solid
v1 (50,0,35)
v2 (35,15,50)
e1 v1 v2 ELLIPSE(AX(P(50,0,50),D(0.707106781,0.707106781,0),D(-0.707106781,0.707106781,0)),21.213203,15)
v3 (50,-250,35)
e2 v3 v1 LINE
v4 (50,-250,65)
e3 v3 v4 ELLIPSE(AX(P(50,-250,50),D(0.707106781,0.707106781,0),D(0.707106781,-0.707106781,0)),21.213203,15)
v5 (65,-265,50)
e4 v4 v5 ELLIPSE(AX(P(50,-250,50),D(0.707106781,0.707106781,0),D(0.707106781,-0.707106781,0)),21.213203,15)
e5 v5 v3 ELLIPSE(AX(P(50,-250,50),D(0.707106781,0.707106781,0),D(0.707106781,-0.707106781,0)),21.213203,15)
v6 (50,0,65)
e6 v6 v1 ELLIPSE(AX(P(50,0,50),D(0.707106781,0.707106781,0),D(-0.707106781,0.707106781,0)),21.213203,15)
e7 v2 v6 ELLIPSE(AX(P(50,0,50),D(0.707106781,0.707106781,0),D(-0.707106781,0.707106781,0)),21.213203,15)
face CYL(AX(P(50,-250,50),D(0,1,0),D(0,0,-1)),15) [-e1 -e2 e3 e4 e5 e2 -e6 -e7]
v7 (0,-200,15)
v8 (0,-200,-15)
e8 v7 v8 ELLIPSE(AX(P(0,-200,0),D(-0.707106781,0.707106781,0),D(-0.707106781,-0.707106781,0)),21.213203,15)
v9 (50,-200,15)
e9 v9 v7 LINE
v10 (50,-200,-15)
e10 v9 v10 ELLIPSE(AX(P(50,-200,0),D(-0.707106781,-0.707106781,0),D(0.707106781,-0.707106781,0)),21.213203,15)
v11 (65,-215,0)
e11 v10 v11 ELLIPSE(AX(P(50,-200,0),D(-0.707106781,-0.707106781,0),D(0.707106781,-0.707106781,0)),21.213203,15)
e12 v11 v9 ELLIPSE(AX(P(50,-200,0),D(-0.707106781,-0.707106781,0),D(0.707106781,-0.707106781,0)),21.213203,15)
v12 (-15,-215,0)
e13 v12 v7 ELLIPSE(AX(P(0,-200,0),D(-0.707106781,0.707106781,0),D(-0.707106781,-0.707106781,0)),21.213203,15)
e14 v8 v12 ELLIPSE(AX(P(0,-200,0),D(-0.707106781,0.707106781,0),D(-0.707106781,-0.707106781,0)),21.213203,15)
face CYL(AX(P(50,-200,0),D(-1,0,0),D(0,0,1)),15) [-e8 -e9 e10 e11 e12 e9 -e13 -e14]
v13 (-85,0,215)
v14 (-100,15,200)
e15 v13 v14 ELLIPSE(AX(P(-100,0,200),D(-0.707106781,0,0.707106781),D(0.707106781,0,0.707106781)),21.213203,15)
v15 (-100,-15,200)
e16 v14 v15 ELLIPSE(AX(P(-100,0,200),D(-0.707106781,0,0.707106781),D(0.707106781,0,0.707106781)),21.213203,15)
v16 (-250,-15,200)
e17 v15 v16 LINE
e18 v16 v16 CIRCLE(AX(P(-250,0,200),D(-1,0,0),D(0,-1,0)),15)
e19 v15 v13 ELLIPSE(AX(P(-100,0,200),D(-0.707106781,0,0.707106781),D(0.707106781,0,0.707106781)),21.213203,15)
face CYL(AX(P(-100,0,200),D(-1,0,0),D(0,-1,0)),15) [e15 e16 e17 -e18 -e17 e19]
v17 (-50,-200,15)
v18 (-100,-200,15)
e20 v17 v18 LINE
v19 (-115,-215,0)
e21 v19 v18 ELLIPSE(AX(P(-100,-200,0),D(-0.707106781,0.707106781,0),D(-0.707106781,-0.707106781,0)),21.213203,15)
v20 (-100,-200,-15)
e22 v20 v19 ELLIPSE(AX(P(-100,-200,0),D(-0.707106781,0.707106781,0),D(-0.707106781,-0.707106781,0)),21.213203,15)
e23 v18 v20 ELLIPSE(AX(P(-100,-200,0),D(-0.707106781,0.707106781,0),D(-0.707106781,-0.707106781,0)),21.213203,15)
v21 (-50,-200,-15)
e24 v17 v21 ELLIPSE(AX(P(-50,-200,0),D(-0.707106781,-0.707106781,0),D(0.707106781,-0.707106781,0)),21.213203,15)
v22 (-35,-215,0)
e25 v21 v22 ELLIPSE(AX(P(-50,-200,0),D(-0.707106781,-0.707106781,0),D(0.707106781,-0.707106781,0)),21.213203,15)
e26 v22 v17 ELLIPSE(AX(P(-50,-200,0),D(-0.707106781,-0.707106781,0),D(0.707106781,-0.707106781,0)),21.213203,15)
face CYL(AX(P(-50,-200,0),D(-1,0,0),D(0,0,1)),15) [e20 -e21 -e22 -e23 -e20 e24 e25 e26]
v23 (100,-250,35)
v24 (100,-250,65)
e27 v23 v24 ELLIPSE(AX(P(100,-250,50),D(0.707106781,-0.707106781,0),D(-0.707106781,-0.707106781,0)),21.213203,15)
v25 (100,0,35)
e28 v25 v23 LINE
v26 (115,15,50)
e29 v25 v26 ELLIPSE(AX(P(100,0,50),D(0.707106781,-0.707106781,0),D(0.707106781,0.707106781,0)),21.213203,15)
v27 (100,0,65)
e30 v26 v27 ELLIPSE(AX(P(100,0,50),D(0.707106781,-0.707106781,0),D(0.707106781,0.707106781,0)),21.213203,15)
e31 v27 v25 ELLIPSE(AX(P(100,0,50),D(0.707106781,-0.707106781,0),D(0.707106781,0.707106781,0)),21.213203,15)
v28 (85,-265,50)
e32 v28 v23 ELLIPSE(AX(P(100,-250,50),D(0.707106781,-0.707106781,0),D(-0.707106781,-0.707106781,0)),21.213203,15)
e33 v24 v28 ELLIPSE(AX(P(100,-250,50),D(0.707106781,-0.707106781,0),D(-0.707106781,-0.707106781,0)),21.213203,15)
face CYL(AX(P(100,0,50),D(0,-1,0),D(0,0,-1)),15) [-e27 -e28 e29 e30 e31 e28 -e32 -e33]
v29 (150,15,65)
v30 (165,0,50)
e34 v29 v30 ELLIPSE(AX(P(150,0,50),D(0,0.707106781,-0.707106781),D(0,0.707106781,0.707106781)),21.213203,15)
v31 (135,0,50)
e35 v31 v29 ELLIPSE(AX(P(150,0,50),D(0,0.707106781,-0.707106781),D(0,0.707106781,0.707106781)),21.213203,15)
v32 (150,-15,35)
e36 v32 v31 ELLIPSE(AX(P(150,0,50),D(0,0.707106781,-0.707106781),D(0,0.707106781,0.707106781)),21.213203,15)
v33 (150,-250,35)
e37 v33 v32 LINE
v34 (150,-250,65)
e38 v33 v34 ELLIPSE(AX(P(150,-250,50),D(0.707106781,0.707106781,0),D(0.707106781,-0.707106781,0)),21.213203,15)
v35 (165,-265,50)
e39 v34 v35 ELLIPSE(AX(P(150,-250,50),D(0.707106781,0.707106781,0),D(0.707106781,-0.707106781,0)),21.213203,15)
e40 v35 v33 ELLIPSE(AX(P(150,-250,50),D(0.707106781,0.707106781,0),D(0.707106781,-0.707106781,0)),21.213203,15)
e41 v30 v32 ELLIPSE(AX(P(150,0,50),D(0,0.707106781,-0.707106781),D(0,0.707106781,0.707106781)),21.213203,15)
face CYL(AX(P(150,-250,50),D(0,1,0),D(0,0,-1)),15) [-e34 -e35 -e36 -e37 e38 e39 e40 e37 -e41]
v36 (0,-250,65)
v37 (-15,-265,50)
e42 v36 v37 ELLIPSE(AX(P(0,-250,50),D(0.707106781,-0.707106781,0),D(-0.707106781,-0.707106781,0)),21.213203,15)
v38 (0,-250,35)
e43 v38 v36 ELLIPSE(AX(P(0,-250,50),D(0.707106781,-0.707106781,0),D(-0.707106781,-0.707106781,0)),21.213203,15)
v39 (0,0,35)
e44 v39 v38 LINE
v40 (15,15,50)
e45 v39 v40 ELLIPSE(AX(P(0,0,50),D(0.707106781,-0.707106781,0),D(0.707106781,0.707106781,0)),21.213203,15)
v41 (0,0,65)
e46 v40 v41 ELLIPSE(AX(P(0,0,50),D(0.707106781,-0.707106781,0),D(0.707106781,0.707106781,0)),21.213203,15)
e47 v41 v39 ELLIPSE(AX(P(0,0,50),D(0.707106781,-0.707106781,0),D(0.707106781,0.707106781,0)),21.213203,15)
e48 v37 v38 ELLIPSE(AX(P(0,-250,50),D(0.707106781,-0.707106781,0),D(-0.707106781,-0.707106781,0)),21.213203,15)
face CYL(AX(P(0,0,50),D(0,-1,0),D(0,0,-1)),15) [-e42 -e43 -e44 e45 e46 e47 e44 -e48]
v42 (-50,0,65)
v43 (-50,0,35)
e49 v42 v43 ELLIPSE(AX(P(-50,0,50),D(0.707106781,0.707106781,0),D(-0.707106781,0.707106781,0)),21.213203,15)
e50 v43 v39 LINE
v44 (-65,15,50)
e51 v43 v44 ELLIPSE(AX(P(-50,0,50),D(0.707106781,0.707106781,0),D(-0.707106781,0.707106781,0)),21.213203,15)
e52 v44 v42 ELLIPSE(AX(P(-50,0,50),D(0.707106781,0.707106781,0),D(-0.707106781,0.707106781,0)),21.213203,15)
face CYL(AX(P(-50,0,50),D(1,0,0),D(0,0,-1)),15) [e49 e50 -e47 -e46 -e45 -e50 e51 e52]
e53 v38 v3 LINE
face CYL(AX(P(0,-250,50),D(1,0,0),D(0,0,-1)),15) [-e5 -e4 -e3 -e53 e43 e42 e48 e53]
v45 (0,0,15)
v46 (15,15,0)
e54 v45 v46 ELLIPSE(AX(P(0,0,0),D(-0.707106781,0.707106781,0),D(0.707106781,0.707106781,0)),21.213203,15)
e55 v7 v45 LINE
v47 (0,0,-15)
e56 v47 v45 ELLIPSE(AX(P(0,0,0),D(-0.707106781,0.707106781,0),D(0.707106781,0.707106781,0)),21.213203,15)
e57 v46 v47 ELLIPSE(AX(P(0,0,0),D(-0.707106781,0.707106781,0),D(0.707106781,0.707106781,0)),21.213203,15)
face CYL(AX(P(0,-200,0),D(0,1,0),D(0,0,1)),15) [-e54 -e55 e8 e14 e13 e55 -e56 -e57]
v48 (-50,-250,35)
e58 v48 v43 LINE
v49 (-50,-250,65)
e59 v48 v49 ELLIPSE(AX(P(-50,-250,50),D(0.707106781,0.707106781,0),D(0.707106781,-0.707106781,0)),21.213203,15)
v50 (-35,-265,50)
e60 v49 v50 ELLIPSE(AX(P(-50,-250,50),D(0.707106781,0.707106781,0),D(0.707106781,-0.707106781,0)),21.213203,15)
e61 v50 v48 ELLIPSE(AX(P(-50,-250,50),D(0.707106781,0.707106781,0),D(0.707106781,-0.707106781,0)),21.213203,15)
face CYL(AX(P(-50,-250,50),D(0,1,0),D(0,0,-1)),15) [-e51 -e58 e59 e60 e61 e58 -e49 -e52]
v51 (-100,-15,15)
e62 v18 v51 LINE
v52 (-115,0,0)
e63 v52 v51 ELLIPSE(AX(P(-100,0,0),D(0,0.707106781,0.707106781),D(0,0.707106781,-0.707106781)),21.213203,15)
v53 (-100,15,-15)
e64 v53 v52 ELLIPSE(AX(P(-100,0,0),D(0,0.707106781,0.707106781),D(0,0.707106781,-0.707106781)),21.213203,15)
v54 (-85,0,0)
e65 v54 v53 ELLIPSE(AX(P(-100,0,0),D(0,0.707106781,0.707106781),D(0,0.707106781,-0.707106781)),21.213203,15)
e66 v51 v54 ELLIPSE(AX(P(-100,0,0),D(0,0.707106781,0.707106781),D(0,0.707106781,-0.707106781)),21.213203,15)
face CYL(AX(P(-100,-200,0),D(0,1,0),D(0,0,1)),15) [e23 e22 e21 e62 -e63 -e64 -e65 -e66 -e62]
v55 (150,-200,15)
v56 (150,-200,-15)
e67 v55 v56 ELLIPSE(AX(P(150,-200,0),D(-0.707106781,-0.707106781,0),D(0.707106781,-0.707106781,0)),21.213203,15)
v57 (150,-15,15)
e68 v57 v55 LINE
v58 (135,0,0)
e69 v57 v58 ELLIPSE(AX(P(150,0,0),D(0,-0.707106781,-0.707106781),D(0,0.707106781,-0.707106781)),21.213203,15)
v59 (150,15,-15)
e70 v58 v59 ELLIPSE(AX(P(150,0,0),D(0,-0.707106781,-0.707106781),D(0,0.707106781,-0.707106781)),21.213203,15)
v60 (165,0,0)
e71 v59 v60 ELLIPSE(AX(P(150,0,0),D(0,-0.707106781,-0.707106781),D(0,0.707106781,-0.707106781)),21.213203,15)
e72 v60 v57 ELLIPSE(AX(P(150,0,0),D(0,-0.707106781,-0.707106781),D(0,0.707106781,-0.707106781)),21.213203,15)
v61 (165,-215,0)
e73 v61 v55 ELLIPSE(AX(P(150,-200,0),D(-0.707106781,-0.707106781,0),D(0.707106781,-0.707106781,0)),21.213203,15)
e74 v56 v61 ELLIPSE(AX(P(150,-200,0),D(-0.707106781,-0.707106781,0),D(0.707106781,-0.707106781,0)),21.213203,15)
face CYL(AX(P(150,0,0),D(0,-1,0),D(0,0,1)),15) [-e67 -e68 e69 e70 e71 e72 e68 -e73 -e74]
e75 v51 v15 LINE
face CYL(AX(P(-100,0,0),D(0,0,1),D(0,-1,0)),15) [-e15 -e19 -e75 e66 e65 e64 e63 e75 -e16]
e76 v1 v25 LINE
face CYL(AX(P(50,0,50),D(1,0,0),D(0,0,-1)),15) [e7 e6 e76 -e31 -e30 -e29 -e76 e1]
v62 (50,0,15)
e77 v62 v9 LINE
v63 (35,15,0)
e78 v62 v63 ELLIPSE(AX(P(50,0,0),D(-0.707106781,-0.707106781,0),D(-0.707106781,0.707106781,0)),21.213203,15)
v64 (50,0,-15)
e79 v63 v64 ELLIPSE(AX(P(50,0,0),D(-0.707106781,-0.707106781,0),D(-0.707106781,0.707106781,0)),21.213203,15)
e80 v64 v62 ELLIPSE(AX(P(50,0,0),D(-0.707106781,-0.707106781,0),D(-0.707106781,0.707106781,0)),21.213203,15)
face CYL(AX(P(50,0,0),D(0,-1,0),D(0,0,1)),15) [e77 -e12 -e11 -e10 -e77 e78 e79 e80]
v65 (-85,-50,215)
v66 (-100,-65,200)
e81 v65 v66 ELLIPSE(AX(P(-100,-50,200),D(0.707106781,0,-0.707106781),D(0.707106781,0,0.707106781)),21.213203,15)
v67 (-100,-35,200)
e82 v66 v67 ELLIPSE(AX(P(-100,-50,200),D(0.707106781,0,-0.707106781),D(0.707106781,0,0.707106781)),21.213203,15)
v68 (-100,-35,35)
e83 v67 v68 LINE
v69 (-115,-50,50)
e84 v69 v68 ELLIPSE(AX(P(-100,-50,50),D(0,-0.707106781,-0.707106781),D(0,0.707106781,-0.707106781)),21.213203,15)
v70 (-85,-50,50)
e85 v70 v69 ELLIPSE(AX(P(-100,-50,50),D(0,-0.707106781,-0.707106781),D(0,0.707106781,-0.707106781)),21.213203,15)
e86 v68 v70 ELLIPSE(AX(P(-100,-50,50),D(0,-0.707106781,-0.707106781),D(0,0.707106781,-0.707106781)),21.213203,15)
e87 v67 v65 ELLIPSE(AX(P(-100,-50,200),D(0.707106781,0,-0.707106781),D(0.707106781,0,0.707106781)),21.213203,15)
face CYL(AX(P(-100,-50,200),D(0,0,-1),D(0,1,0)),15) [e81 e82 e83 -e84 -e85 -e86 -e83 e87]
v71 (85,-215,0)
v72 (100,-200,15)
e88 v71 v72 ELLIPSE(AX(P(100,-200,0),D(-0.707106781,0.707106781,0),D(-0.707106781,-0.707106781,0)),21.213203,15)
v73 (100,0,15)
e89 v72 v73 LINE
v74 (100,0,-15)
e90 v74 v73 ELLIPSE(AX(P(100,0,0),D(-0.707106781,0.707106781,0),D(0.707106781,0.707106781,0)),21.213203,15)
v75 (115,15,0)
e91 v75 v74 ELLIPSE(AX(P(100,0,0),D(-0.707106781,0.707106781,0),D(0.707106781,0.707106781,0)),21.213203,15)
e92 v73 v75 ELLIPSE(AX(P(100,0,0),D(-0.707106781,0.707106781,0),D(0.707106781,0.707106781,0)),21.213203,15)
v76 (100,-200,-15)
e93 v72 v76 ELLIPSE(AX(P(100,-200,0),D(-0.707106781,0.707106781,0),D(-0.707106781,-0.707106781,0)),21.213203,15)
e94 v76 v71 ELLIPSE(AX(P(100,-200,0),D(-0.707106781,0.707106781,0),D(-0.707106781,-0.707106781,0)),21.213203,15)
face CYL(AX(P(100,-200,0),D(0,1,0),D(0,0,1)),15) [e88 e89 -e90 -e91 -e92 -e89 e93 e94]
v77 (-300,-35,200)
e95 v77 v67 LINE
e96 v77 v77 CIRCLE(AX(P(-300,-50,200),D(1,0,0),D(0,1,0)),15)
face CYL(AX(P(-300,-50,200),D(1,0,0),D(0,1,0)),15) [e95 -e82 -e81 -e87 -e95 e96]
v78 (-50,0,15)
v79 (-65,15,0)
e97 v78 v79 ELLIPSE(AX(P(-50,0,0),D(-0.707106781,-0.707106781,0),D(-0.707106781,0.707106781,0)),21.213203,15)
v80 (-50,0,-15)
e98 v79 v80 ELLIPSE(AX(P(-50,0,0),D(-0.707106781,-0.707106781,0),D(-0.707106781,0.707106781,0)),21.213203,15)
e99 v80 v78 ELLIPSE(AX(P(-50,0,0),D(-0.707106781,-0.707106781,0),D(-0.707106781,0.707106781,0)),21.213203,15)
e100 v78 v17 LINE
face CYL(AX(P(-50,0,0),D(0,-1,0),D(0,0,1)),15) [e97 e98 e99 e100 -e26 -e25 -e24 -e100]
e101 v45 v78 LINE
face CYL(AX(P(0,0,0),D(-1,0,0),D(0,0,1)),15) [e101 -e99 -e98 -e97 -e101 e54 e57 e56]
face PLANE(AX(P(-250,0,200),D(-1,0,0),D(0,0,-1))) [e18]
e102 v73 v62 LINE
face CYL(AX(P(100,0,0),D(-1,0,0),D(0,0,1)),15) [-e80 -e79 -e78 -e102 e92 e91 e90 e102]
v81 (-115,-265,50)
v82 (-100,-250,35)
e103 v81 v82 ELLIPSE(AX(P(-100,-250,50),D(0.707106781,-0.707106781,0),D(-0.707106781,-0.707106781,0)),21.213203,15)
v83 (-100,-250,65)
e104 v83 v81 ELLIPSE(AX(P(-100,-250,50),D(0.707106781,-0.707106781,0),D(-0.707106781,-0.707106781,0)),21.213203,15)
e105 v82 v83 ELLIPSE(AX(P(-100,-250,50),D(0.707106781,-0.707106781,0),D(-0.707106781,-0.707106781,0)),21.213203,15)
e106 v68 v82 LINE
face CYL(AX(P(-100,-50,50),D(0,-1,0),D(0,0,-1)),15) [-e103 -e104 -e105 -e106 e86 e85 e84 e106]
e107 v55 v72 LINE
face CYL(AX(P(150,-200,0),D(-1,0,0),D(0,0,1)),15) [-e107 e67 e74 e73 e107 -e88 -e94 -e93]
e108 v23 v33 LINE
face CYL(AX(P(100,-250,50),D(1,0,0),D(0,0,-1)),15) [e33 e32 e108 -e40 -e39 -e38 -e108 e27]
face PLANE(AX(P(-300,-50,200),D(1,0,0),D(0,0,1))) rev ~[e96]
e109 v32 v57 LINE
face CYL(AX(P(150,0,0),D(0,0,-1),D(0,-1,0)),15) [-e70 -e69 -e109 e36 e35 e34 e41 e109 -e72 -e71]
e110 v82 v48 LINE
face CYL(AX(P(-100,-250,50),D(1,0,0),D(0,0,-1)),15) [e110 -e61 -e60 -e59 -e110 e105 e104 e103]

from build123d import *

# Parameters (mm, degrees)
F8_R = 15


with BuildPart() as f9:
    # F9: sweep along a path in F6, F5, F4, F1, F2
    with BuildLine(Plane.XZ.offset(50)) as f9_path:
        Line((-300, 200), (-100, 200))
        Line((-100, 200), (-100, 50))
    with BuildLine(Plane.XY.offset(50)) as f9_path_2:
        Line((-100, -50), (-100, -250))
        Line((-100, -250), (-50, -250))
        Line((-50, -250), (-50, 0))
        Line((-50, 0), (0, 0))
        Line((0, 0), (0, -250))
        Line((0, -250), (50, -250))
        Line((50, -250), (50, 0))
        Line((50, 0), (100, 0))
        Line((100, 0), (100, -250))
        Line((100, -250), (150, -250))
        Line((150, -250), (150, 0))
    with BuildLine(Plane.XZ) as f9_path_3:
        Line((150, 0), (150, 50))
    with BuildLine(Plane.XY) as f9_path_4:
        Line((150, 0), (150, -200))
        Line((150, -200), (100, -200))
        Line((100, -200), (100, 0))
        Line((100, 0), (50, 0))
        Line((50, 0), (50, -200))
        Line((50, -200), (0, -200))
        Line((0, -200), (0, 0))
        Line((0, 0), (-50, 0))
        Line((-50, 0), (-50, -200))
        Line((-50, -200), (-100, -200))
        Line((-100, -200), (-100, 0))
    with BuildLine(Plane.XZ) as f9_path_5:
        Line((-100, 0), (-100, 200))
        Line((-100, 200), (-250, 200))
    # F8 (on offset) → F9 (sweep)
    with BuildSketch(Plane.YZ.offset(-300)):
        with Locations((-50, 200)):
            Circle(F8_R)
    sweep(path=f9_path.line + f9_path_2.line + f9_path_3.line + f9_path_4.line + f9_path_5.line, transition=Transition.RIGHT)


solid = f9.part
